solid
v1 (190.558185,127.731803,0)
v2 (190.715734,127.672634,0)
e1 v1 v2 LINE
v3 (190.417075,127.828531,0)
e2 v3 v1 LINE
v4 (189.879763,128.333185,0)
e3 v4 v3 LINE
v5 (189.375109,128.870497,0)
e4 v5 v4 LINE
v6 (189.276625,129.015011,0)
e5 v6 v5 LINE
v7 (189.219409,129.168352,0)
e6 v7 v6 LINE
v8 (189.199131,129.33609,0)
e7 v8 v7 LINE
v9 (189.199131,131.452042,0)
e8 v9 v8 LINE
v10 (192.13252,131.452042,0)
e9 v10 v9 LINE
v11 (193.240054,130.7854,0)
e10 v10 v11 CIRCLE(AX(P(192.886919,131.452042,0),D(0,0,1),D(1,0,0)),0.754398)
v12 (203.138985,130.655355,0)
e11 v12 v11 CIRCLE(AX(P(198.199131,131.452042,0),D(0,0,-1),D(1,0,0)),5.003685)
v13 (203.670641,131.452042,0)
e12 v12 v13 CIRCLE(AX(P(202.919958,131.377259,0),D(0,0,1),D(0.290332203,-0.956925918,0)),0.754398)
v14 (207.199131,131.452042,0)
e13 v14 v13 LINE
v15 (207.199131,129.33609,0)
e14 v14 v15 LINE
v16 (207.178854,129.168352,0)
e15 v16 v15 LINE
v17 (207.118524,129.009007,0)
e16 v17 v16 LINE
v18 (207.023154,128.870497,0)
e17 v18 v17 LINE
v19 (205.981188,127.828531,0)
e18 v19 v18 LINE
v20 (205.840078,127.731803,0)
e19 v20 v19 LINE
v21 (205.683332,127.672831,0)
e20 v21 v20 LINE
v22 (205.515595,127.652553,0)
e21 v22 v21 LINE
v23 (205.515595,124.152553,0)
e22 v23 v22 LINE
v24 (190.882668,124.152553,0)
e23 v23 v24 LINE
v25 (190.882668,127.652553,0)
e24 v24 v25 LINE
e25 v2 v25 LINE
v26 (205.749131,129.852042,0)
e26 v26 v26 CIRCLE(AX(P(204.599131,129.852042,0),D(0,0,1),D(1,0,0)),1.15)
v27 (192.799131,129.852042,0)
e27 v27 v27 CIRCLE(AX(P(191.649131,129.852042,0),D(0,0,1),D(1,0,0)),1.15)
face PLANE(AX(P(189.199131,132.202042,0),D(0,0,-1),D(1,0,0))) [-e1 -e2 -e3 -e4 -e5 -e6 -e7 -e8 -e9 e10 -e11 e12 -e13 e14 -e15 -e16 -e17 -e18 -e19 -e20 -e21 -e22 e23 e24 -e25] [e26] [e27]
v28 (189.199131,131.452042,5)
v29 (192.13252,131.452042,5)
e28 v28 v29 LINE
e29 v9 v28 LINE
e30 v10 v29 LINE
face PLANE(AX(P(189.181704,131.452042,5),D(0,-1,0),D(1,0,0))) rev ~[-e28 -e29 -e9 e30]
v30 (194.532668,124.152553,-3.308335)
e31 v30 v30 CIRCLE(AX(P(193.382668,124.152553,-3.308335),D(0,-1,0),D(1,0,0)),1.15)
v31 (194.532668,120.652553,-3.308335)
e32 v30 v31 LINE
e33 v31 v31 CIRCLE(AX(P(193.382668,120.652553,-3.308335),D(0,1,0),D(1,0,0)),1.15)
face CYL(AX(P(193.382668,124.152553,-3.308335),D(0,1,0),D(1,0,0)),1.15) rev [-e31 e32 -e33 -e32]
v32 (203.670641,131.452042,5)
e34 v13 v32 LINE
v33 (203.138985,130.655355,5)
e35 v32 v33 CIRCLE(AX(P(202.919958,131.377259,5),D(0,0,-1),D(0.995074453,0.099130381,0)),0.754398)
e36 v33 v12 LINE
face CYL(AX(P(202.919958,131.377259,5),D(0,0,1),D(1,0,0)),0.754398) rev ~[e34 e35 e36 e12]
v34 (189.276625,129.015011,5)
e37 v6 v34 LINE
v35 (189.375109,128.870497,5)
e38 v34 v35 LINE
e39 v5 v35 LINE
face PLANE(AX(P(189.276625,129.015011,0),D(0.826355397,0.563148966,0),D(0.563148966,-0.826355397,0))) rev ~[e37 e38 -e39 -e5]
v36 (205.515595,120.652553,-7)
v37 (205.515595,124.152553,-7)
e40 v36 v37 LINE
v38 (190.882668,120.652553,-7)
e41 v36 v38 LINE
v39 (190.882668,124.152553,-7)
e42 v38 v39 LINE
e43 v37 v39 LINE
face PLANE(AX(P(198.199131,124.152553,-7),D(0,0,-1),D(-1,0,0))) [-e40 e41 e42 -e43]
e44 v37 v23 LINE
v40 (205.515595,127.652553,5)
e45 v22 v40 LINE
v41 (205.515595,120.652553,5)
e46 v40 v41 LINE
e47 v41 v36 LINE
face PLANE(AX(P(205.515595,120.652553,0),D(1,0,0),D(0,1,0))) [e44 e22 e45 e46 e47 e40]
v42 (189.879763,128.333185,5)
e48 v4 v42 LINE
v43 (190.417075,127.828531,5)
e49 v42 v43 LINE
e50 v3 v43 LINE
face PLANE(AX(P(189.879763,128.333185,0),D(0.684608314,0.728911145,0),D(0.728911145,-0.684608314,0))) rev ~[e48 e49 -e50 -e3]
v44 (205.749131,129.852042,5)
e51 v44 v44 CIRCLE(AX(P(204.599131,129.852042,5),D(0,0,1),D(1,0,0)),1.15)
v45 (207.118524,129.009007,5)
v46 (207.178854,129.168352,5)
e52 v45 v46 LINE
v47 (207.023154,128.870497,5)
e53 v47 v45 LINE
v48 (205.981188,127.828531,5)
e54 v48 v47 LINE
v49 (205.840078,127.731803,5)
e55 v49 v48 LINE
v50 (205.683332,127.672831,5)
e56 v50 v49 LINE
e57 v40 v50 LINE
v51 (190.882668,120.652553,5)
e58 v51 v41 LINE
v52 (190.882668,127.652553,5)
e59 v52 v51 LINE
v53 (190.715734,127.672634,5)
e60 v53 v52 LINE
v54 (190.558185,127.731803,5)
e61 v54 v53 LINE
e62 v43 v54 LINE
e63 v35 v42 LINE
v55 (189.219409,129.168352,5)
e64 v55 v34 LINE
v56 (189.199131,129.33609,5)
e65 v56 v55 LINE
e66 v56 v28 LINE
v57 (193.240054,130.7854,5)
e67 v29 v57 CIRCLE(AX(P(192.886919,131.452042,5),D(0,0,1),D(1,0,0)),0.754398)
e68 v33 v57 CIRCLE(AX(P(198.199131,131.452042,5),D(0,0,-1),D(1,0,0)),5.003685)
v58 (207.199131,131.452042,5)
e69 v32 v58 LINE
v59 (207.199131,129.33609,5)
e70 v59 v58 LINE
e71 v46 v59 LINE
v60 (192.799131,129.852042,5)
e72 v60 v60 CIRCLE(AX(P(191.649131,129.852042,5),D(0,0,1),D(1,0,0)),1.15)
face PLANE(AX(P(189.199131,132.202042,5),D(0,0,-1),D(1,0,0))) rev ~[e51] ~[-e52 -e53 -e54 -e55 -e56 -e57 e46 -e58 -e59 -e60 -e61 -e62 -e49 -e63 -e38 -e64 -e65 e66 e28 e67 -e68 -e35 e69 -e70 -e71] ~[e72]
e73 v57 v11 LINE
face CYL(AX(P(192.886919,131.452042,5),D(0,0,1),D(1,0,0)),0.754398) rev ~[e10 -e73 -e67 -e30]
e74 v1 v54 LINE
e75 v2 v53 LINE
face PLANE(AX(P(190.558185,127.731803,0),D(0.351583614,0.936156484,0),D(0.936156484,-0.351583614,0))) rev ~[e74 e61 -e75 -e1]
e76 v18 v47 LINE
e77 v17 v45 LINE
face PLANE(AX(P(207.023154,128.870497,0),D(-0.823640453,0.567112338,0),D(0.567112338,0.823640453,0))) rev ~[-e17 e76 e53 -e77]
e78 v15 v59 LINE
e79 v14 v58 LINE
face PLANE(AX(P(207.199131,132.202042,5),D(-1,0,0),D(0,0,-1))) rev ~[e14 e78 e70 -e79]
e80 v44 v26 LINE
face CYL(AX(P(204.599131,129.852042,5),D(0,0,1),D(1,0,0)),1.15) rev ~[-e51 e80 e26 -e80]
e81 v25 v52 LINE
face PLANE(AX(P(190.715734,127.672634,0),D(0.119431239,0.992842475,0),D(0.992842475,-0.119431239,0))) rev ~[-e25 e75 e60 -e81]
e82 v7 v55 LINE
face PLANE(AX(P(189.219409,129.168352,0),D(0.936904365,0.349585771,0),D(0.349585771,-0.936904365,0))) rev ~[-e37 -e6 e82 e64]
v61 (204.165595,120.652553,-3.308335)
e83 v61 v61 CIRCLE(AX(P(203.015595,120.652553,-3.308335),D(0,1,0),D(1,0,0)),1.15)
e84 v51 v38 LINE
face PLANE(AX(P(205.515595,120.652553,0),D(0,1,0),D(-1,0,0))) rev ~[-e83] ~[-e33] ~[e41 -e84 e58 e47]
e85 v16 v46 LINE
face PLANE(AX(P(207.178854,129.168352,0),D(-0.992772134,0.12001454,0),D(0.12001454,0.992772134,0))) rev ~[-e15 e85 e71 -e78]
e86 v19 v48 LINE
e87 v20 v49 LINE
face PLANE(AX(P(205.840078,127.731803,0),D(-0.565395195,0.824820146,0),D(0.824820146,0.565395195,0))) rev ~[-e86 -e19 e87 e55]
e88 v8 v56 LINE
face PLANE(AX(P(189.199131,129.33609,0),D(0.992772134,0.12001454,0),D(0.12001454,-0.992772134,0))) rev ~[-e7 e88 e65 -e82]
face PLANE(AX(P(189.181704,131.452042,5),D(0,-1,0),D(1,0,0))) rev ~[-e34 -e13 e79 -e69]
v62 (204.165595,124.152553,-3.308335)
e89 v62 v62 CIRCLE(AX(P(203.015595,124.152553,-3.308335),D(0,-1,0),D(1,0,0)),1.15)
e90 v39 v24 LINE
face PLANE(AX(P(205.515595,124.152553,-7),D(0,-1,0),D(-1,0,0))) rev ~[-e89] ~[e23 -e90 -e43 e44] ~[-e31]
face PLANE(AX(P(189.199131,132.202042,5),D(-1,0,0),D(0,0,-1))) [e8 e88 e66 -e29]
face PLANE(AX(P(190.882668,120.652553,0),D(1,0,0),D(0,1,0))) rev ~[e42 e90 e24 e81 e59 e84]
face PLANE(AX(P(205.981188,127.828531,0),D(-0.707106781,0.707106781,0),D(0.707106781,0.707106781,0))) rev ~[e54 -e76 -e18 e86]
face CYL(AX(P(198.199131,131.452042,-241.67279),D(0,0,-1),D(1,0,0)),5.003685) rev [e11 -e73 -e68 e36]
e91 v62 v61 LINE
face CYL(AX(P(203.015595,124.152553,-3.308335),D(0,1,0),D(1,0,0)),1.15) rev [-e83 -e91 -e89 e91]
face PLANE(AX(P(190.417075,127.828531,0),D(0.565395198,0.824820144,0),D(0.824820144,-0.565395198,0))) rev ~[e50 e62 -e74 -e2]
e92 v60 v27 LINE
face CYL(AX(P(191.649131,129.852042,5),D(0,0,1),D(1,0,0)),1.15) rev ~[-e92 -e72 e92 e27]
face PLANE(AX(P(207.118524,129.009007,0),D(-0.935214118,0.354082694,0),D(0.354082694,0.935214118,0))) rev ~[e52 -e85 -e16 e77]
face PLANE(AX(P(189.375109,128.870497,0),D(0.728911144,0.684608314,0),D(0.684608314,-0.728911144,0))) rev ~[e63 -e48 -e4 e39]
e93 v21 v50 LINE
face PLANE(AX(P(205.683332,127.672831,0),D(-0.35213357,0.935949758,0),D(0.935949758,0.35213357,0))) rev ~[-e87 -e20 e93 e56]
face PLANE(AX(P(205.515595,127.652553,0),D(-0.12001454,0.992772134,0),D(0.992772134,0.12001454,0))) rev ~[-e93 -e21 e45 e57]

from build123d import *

# Parameters (mm, degrees)
FACE_2_DEPTH            = 5
SKETCH2_W               = 14.632926246
SKETCH2_H               = 5
BOSS_EXTRUDE2_DEPTH     = 7
SKETCH3_W               = 14.632926246
SKETCH3_H               = 7
BOSS_EXTRUDE3_DEPTH     = 7
EYE_HOLES_REACH         = 248.075
SKETCH4_R               = 1.15
SKETCH5_W               = 14.632926246
SKETCH5_H               = 3.5
SEAT_DEPTH              = 7
SKETCH6_W               = 18
SKETCH6_H               = 5
BOSS_EXTRUDE4_DEPTH     = 3.5
SKETCH7_W               = 18.025006546
SKETCH7_H               = 4.25
TOP_HOLE_DEPTH          = 248.972829901
MIDDLE_HOLE_DEPTH       = 246.672789516
MIDDLE_HOLE_DEPTH_BACK  = 246.672789516
SKETCH8_R               = 5.003684601
CUT_EXTRUDE8_DEPTH      = 208.598432106
CUT_EXTRUDE8_DEPTH_BACK = 3.5
SKETCH10_R              = 1.15
SKETCH11_R              = 0.754398486
CUT_EXTRUDE9_DEPTH      = 246.672789516


with BuildPart() as part:
    # Sketch1 → Face 2 (new body)
    with BuildSketch(Plane.XY):
        Polygon((189.199131389, 129.336090234), (189.219408928, 129.168352428), (189.276625012, 129.01501095), (189.375109043, 128.870497126), (189.879763338, 128.333185306), (190.417075159, 127.828531011), (190.558185088, 127.731803407), (190.715733881, 127.672634267), (190.882668266, 127.652553357), (205.515594512, 127.652553357), (205.683332318, 127.672830896), (205.84007769, 127.731803407), (205.98118762, 127.828531011), (207.023153735, 128.870497126), (207.118523911, 129.009007135), (207.17885385, 129.168352428), (207.199131389, 129.336090234), (207.199131389, 132.202042434), (189.199131389, 132.202042434), align=None)
    extrude(amount=FACE_2_DEPTH)

    # Sketch2 → Boss-Extrude2 (add)
    with BuildSketch(Plane.XZ.offset(-127.652553357)):
        with Locations((198.199131389, 2.5)):
            Rectangle(SKETCH2_W, SKETCH2_H)
    extrude(amount=BOSS_EXTRUDE2_DEPTH)

    # Sketch3 → Boss-Extrude3 (add)
    with BuildSketch(Plane(origin=(0, 0, 0), x_dir=(-1, 0, 0), z_dir=(0, 0, -1))):
        with Locations((-198.199131389, 124.152553357)):
            Rectangle(SKETCH3_W, SKETCH3_H)
    extrude(amount=BOSS_EXTRUDE3_DEPTH)

    # Sketch4 → Eye Holes (cut, up to next)
    with BuildSketch(Plane.XY.offset(5), mode=Mode.PRIVATE) as eye_holes_sk1:
        with Locations((191.649131389, 129.852042434)):
            Circle(SKETCH4_R)
    eye_holes_tool1 = extrude(eye_holes_sk1.sketch, amount=-EYE_HOLES_REACH, mode=Mode.PRIVATE) & part.part
    # Sketch4 → Eye Holes (cut, up to next)
    with BuildSketch(Plane.XY.offset(5), mode=Mode.PRIVATE) as eye_holes_sk2:
        with Locations((204.599131389, 129.852042434)):
            Circle(SKETCH4_R)
    eye_holes_tool2 = extrude(eye_holes_sk2.sketch, amount=-EYE_HOLES_REACH, mode=Mode.PRIVATE) & part.part
    add(eye_holes_tool1.solids().sort_by_distance((191.649131, 129.852042, 5))[0], mode=Mode.SUBTRACT)
    add(eye_holes_tool2.solids().sort_by_distance((204.599131, 129.852042, 5))[0], mode=Mode.SUBTRACT)

    # Sketch5 → Seat (cut)
    with BuildSketch(Plane(origin=(0, 0, -7), x_dir=(-1, 0, 0), z_dir=(0, 0, -1))):
        with Locations((-198.199131389, 125.902553357)):
            Rectangle(SKETCH5_W, SKETCH5_H)
    extrude(amount=-SEAT_DEPTH, mode=Mode.SUBTRACT)

    # Sketch6 → Boss-Extrude4 (add)
    with BuildSketch(Plane(origin=(0, 132.202042434, 0), x_dir=(1, 0, 0), z_dir=(0, 1, 0))):
        with Locations((198.199131389, -2.5)):
            Rectangle(SKETCH6_W, SKETCH6_H)
    extrude(amount=BOSS_EXTRUDE4_DEPTH)

    # Sketch7 → Top Hole (cut, through all)
    with BuildSketch(Plane.XY.offset(5)):
        with Locations((198.194207579, 133.577042434)):
            Rectangle(SKETCH7_W, SKETCH7_H)
    extrude(amount=-TOP_HOLE_DEPTH, mode=Mode.SUBTRACT)

    # Sketch8 → Middle Hole (cut, two sides: drawn at the far end of the back side and taken through both)
    with BuildSketch(Plane.XY.offset(5).offset(-MIDDLE_HOLE_DEPTH_BACK)):
        with Locations((198.199131389, 131.452042434)):
            Circle(SKETCH8_R)
    extrude(amount=MIDDLE_HOLE_DEPTH + MIDDLE_HOLE_DEPTH_BACK, mode=Mode.SUBTRACT)

    # Sketch10 → Cut-Extrude8 (cut, two sides: drawn at the far end of the back side and taken through both)
    with BuildSketch(Plane.XZ.offset(-120.652553357).offset(-CUT_EXTRUDE8_DEPTH_BACK)):
        with Locations((193.382668266, -3.308334882)):
            Circle(SKETCH10_R)
        with Locations((203.015594512, -3.308334882)):
            Circle(SKETCH10_R)
    extrude(amount=CUT_EXTRUDE8_DEPTH + CUT_EXTRUDE8_DEPTH_BACK, mode=Mode.SUBTRACT)

    # Sketch11 → Cut-Extrude9 (cut, through all)
    with BuildSketch(Plane.XY.offset(5)):
        with Locations((192.88691871, 131.452042434)):
            Circle(SKETCH11_R)
        with Locations((202.919958348, 131.377258625)):
            Circle(SKETCH11_R)
    extrude(amount=-CUT_EXTRUDE9_DEPTH, mode=Mode.SUBTRACT)


solid = part.part
